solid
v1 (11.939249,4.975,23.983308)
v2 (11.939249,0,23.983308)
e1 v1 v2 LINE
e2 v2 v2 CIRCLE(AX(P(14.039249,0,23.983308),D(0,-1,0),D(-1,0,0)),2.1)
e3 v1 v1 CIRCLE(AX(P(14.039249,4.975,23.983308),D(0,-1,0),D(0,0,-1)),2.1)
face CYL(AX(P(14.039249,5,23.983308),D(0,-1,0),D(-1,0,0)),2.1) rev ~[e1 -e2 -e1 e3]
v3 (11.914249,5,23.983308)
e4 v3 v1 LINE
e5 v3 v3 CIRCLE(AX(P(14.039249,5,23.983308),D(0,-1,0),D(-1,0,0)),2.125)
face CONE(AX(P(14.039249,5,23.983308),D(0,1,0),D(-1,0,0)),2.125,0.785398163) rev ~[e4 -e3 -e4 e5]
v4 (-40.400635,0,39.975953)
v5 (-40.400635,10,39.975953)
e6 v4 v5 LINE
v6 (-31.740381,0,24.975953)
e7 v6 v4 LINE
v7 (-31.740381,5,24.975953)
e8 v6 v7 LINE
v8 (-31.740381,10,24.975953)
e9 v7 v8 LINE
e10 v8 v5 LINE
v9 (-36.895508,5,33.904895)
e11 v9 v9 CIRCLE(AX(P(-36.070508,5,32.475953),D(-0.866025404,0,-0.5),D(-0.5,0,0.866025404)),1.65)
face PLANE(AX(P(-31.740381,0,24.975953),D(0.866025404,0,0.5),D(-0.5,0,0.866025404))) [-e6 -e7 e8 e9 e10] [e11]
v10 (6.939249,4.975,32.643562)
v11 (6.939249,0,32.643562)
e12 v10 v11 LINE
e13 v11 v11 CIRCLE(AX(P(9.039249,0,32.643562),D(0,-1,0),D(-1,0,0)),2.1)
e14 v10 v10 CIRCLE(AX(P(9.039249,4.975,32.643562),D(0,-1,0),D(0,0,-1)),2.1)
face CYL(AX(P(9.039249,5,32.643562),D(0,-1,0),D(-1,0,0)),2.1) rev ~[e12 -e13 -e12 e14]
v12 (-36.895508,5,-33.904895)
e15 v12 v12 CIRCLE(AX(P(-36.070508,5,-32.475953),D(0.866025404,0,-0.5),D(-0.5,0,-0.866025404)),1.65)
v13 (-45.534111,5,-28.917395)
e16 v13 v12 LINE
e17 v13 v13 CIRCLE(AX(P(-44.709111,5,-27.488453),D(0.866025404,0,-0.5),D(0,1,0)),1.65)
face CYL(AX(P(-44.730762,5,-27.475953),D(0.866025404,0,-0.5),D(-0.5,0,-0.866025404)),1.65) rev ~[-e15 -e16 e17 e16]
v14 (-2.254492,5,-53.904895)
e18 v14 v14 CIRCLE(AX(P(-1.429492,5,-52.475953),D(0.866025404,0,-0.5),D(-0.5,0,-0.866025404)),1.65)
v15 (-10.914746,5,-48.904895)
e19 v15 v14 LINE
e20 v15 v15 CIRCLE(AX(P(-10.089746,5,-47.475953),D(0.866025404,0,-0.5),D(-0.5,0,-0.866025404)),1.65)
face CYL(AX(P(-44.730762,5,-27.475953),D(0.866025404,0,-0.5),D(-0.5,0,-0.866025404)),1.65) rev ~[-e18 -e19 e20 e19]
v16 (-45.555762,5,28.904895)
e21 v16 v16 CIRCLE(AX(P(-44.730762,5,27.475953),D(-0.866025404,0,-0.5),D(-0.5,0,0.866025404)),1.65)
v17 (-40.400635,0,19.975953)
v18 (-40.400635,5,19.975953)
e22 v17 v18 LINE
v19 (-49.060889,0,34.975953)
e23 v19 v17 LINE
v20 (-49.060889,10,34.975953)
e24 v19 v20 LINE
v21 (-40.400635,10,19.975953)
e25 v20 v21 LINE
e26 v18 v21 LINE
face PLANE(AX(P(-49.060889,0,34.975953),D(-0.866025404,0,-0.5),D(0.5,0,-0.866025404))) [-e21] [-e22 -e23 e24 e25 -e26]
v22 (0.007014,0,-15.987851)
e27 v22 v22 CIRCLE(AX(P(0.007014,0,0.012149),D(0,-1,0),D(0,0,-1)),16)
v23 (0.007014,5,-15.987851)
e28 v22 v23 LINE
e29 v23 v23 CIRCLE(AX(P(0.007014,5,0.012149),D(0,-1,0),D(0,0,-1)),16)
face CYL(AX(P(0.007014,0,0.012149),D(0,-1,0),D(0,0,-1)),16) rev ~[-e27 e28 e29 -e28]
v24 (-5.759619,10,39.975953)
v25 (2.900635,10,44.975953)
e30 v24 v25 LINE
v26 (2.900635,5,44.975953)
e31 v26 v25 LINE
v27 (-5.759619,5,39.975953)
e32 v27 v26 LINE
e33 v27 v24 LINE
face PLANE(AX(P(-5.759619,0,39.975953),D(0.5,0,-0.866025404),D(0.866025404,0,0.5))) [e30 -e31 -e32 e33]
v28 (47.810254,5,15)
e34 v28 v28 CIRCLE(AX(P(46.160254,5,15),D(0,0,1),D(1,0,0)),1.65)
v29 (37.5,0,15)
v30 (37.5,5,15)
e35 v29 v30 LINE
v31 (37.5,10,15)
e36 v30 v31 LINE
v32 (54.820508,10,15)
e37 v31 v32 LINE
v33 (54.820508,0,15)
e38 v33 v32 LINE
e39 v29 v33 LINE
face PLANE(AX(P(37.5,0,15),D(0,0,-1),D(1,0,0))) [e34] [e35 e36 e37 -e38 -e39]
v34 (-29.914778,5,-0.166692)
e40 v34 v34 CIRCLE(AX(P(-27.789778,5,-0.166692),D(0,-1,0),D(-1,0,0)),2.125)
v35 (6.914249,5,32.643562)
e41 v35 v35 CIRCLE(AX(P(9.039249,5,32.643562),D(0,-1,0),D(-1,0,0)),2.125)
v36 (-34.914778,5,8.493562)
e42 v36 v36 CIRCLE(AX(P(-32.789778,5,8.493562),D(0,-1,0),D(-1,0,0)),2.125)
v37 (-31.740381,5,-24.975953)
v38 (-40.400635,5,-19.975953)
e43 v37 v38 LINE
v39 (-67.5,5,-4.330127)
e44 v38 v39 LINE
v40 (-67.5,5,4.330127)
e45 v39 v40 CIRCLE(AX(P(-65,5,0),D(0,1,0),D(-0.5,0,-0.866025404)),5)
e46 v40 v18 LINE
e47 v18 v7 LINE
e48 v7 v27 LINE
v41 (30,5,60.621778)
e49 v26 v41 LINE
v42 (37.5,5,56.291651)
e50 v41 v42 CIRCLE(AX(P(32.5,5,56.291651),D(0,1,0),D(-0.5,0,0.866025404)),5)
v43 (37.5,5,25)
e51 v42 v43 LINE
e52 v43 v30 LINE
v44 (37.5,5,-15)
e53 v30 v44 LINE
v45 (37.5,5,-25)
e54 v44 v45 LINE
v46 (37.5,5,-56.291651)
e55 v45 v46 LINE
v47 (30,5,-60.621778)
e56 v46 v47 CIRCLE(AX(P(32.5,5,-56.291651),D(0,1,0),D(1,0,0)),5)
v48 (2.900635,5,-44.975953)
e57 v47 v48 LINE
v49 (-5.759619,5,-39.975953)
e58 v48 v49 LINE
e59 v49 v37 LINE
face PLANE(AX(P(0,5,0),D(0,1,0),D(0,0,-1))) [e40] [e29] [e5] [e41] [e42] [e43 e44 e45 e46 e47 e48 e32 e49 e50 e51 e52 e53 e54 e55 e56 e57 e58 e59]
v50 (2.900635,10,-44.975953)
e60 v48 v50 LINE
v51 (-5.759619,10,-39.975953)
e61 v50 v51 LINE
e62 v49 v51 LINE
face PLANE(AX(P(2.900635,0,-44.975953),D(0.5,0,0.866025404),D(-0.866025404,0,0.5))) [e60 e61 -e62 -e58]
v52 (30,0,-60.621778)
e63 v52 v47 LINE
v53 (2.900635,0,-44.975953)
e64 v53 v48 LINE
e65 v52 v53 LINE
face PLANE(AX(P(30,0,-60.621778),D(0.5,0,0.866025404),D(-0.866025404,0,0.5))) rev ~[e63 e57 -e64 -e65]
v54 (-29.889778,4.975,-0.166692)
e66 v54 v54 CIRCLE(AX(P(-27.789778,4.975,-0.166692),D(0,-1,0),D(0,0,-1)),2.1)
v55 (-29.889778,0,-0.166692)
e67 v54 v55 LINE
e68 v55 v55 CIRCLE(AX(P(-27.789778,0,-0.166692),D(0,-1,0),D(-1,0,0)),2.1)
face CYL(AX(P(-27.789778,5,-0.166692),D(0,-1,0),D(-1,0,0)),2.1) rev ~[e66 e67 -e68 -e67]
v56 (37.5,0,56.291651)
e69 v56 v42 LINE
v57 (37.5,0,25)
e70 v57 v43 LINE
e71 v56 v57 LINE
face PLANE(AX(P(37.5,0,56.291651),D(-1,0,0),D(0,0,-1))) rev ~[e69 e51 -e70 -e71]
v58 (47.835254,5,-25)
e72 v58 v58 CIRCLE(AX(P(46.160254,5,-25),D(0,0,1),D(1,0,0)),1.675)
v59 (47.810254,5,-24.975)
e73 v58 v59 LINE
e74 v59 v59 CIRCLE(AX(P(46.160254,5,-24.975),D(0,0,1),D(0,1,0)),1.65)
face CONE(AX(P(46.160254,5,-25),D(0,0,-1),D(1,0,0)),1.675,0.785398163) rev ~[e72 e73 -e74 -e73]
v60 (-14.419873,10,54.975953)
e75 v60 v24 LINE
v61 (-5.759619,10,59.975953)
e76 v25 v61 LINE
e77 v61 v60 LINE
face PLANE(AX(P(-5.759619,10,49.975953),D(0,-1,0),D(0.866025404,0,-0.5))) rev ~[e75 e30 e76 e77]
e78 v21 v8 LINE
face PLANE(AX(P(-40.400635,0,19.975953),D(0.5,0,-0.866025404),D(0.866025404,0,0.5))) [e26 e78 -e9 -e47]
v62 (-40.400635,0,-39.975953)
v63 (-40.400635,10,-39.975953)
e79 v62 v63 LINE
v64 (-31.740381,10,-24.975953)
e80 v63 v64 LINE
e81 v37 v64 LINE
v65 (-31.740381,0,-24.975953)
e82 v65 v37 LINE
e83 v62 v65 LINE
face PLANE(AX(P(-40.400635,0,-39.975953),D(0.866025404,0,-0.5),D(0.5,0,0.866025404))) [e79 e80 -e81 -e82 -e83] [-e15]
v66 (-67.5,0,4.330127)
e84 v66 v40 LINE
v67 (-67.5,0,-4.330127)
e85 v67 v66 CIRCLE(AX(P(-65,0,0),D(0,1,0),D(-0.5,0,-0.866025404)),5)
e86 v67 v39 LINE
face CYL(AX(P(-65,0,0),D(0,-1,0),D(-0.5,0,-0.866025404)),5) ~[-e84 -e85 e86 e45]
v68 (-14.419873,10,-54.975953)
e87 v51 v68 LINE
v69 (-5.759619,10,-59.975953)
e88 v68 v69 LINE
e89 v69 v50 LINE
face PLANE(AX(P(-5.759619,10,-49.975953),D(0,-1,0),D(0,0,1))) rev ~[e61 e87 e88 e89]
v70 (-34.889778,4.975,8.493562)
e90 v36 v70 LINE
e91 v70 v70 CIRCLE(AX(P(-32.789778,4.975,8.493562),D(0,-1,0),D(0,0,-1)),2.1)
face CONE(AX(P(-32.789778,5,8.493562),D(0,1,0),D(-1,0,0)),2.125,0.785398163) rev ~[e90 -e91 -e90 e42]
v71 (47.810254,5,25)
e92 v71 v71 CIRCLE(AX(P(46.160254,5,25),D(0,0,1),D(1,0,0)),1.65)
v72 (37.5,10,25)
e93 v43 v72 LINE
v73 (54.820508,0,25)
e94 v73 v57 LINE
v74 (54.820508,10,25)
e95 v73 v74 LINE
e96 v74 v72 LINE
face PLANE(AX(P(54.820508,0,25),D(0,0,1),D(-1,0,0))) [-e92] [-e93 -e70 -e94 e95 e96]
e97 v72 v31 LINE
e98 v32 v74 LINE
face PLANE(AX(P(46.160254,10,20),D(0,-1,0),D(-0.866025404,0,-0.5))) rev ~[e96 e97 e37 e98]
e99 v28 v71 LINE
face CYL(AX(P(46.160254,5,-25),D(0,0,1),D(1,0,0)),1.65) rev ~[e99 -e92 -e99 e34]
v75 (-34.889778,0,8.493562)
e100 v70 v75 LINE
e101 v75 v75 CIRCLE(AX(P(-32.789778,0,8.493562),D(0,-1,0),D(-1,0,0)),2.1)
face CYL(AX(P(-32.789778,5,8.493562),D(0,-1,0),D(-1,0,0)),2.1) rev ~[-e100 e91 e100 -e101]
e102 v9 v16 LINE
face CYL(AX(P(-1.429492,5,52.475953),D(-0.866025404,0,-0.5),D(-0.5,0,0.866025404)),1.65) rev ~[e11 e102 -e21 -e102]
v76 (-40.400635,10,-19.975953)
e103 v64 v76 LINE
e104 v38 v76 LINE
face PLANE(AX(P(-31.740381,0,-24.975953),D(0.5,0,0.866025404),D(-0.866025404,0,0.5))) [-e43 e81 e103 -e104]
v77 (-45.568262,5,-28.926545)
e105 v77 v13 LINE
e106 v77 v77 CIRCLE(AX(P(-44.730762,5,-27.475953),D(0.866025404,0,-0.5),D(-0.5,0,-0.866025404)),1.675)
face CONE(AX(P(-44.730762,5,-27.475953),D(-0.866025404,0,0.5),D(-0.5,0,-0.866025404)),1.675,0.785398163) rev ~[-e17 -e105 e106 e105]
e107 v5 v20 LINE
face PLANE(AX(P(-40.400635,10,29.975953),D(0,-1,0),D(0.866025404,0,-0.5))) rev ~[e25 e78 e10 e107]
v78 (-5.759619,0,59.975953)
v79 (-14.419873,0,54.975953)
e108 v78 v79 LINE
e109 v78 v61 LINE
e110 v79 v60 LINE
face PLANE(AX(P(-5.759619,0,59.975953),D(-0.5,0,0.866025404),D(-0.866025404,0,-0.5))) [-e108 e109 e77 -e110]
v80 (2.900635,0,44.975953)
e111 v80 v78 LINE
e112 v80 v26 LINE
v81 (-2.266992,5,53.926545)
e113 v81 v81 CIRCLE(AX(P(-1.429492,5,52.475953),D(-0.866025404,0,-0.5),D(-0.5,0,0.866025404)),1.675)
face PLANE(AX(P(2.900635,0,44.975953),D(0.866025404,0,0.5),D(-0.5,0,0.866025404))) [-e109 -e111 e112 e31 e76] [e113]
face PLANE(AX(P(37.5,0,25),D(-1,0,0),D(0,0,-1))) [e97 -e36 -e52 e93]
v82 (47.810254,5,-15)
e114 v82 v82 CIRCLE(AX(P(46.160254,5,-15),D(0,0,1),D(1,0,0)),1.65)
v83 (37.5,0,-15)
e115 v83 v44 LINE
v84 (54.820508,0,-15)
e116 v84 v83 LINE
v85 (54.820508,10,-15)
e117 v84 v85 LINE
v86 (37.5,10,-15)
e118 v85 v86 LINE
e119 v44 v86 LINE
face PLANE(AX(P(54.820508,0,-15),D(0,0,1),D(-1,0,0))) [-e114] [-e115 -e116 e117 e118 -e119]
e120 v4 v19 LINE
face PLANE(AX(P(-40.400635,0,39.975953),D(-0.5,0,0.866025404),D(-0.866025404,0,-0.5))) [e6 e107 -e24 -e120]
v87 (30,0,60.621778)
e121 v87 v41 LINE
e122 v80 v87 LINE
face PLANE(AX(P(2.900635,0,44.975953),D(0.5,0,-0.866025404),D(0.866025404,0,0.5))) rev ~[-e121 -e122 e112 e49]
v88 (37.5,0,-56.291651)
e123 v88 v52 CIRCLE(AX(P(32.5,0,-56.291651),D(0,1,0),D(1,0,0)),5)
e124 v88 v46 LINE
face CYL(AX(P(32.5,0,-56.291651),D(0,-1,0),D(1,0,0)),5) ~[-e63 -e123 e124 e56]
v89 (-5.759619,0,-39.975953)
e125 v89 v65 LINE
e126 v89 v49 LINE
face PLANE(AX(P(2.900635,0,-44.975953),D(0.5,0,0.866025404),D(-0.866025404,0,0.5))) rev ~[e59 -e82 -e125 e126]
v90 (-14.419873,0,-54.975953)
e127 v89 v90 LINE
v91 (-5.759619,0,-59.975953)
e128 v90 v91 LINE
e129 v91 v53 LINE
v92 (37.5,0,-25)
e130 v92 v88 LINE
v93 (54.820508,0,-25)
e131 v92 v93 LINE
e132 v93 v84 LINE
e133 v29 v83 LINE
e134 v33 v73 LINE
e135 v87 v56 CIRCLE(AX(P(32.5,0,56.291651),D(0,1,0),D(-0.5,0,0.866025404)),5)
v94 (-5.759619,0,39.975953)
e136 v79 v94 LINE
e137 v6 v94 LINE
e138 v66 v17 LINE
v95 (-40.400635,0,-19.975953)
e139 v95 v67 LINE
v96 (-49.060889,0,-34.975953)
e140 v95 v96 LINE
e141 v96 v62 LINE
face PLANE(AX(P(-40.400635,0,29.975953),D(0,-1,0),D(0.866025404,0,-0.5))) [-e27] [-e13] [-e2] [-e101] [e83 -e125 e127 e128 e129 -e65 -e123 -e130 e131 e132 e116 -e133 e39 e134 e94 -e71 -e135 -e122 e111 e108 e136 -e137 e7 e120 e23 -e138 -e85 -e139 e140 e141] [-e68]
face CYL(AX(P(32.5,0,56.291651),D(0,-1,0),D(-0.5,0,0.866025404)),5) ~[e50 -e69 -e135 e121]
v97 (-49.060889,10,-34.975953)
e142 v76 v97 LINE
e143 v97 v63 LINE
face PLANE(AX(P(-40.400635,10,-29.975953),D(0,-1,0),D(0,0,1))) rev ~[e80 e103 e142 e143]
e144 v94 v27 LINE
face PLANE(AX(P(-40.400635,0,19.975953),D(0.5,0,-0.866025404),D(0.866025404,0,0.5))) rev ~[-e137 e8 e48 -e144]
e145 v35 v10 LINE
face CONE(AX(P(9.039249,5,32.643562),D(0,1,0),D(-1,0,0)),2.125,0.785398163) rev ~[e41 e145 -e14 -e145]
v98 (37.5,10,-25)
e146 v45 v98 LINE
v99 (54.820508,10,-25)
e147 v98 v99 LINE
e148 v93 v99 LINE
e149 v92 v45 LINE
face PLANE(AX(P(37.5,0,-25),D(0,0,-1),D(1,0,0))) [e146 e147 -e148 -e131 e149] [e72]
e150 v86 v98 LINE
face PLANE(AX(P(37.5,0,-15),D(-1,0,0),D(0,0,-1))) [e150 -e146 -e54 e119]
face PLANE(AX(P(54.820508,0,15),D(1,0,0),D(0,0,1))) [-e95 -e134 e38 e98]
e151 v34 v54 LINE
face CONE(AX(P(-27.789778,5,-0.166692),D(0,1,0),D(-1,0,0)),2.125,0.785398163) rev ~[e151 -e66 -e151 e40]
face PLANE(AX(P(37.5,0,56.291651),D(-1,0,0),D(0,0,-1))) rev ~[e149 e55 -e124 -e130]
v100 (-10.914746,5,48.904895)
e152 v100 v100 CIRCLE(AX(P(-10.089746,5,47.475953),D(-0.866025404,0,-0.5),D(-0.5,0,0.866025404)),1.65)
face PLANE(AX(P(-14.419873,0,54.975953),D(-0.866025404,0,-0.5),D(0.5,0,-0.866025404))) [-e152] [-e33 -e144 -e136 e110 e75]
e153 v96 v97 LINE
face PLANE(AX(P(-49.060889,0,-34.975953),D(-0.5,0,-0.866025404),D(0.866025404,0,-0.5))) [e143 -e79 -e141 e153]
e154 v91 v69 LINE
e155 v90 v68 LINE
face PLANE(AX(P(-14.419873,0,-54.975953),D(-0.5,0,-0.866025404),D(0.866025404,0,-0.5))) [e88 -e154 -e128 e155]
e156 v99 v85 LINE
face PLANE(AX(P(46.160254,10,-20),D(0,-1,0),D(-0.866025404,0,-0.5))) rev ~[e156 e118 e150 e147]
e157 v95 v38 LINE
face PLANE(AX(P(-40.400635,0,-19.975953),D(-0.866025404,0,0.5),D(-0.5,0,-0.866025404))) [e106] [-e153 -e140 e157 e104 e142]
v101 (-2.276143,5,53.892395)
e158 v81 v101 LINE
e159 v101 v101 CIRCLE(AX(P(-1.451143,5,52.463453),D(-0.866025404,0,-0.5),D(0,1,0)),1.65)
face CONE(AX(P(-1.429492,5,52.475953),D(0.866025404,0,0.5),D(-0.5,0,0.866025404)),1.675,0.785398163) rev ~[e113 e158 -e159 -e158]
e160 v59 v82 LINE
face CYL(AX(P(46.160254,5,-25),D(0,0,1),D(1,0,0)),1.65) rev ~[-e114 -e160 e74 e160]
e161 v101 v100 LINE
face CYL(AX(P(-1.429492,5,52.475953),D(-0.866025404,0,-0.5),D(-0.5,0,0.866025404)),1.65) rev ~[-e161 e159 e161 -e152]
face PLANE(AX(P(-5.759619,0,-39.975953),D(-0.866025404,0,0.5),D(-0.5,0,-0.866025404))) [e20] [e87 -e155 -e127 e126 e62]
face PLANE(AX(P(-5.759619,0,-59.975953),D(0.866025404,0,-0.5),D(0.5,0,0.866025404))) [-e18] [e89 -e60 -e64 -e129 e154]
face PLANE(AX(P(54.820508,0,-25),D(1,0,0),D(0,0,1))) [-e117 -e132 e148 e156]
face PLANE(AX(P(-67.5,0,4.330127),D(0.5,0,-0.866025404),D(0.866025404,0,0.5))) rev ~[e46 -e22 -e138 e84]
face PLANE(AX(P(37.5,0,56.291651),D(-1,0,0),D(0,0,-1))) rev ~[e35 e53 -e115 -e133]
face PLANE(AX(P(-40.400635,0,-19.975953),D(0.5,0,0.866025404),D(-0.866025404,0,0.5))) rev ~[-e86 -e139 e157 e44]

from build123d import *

# Parameters (mm, degrees)
BOSS_EXTRUDE1_DEPTH               = 5
BOSS_EXTRUDE3_DEPTH               = 10
TAP_DRILL_FOR_M4_TAP1_D           = 3.3
TAP_DRILL_FOR_M4_TAP1_CSINK_D     = 3.35
TAP_DRILL_FOR_M4_TAP1_CSINK_ANGLE = 90
CIRPATTERN1_COUNT                 = 3
SKETCH13_R                        = 16
CUT_EXTRUDE1_DEPTH                = 94.577061893
TAP_DRILL_FOR_M5_TAP1_D           = 4.2
TAP_DRILL_FOR_M5_TAP1_CSINK_D     = 4.25
TAP_DRILL_FOR_M5_TAP1_CSINK_ANGLE = 90


with BuildPart() as part:
    # Sketch2 → Boss-Extrude1 (new body)
    with BuildSketch(Plane(origin=(0, 0, 0), x_dir=(0, 0, -1), z_dir=(0, 1, 0))):
        with BuildLine():
            Line((4.330127019, 67.5), (19.975952642, 40.400635095))
            Line((19.975952642, 40.400635095), (24.975952642, 31.740381057))
            Line((24.975952642, 31.740381057), (39.975952642, 5.759618943))
            Line((39.975952642, 5.759618943), (44.975952642, -2.900635095))
            Line((44.975952642, -2.900635095), (60.621778265, -30))
            ThreePointArc((60.621778265, -30), (60.621778265, -35), (56.291651246, -37.5))
            Line((56.291651246, -37.5), (25, -37.5))
            Line((25, -37.5), (15, -37.5))
            Line((15, -37.5), (-15, -37.5))
            Line((-15, -37.5), (-25, -37.5))
            Line((-25, -37.5), (-56.291651246, -37.5))
            ThreePointArc((-56.291651246, -37.5), (-60.621778265, -35), (-60.621778265, -30))
            Line((-60.621778265, -30), (-44.975952642, -2.900635095))
            Line((-44.975952642, -2.900635095), (-39.975952642, 5.759618943))
            Line((-39.975952642, 5.759618943), (-24.975952642, 31.740381057))
            Line((-24.975952642, 31.740381057), (-19.975952642, 40.400635095))
            Line((-19.975952642, 40.400635095), (-4.330127019, 67.5))
            ThreePointArc((-4.330127019, 67.5), (0, 70), (4.330127019, 67.5))
        make_face()
    extrude(amount=BOSS_EXTRUDE1_DEPTH)

    # Sketch2<7> → Boss-Extrude3 (add)
    with BuildSketch(Plane(origin=(0, 0, 0), x_dir=(0, 0, -1), z_dir=(0, 1, 0))):
        Polygon((34.975952642, 49.060889132), (19.975952642, 40.400635095), (24.975952642, 31.740381057), (39.975952642, 40.400635095), align=None)
        Polygon((39.975952642, 5.759618943), (44.975952642, -2.900635095), (59.975952642, 5.759618943), (54.975952642, 14.419872981), align=None)
    boss_extrude3 = extrude(amount=BOSS_EXTRUDE3_DEPTH)

    # Tap Drill for M4 Tap1 (through all)
    with Locations(Plane(origin=(-21.650635095, 0, 12.5), x_dir=(0.49999999999999517, 0, 0.8660254037844415), z_dir=(-0.8660254037844414, 0, 0.4999999999999951))):
        with Locations((-46.160254038, 5)):
            tap_drill_for_m4_tap1 = CounterSinkHole(TAP_DRILL_FOR_M4_TAP1_D / 2, TAP_DRILL_FOR_M4_TAP1_CSINK_D / 2, counter_sink_angle=TAP_DRILL_FOR_M4_TAP1_CSINK_ANGLE)

    # CirPattern1: Boss-Extrude3, Tap Drill for M4 Tap1 ×3 about axis
    cirpattern1_axis = Axis((0, 5, 0), (0, 1, 0))
    add([boss_extrude3.rotate(cirpattern1_axis, i * 360 / CIRPATTERN1_COUNT) for i in range(1, CIRPATTERN1_COUNT)])
    add([tap_drill_for_m4_tap1.rotate(cirpattern1_axis, i * 360 / CIRPATTERN1_COUNT) for i in range(1, CIRPATTERN1_COUNT)], mode=Mode.SUBTRACT)

    # Sketch13 → Cut-Extrude1 (cut, through all)
    with BuildSketch(Plane.XZ):
        with Locations((0.00701443, 0.012149349)):
            Circle(SKETCH13_R)
    extrude(amount=-CUT_EXTRUDE1_DEPTH, mode=Mode.SUBTRACT)

    # Tap Drill for M5 Tap1 (through all)
    with Locations(Plane(origin=(0, 5, 0), x_dir=(1, 0, 0), z_dir=(0, 1, 0))):
        with Locations((-27.789778361, 0.166691947), (-32.789778361, -8.49356209), (14.039248642, -23.983308053), (9.039248642, -32.64356209)):
            CounterSinkHole(TAP_DRILL_FOR_M5_TAP1_D / 2, TAP_DRILL_FOR_M5_TAP1_CSINK_D / 2, counter_sink_angle=TAP_DRILL_FOR_M5_TAP1_CSINK_ANGLE)


solid = part.part
